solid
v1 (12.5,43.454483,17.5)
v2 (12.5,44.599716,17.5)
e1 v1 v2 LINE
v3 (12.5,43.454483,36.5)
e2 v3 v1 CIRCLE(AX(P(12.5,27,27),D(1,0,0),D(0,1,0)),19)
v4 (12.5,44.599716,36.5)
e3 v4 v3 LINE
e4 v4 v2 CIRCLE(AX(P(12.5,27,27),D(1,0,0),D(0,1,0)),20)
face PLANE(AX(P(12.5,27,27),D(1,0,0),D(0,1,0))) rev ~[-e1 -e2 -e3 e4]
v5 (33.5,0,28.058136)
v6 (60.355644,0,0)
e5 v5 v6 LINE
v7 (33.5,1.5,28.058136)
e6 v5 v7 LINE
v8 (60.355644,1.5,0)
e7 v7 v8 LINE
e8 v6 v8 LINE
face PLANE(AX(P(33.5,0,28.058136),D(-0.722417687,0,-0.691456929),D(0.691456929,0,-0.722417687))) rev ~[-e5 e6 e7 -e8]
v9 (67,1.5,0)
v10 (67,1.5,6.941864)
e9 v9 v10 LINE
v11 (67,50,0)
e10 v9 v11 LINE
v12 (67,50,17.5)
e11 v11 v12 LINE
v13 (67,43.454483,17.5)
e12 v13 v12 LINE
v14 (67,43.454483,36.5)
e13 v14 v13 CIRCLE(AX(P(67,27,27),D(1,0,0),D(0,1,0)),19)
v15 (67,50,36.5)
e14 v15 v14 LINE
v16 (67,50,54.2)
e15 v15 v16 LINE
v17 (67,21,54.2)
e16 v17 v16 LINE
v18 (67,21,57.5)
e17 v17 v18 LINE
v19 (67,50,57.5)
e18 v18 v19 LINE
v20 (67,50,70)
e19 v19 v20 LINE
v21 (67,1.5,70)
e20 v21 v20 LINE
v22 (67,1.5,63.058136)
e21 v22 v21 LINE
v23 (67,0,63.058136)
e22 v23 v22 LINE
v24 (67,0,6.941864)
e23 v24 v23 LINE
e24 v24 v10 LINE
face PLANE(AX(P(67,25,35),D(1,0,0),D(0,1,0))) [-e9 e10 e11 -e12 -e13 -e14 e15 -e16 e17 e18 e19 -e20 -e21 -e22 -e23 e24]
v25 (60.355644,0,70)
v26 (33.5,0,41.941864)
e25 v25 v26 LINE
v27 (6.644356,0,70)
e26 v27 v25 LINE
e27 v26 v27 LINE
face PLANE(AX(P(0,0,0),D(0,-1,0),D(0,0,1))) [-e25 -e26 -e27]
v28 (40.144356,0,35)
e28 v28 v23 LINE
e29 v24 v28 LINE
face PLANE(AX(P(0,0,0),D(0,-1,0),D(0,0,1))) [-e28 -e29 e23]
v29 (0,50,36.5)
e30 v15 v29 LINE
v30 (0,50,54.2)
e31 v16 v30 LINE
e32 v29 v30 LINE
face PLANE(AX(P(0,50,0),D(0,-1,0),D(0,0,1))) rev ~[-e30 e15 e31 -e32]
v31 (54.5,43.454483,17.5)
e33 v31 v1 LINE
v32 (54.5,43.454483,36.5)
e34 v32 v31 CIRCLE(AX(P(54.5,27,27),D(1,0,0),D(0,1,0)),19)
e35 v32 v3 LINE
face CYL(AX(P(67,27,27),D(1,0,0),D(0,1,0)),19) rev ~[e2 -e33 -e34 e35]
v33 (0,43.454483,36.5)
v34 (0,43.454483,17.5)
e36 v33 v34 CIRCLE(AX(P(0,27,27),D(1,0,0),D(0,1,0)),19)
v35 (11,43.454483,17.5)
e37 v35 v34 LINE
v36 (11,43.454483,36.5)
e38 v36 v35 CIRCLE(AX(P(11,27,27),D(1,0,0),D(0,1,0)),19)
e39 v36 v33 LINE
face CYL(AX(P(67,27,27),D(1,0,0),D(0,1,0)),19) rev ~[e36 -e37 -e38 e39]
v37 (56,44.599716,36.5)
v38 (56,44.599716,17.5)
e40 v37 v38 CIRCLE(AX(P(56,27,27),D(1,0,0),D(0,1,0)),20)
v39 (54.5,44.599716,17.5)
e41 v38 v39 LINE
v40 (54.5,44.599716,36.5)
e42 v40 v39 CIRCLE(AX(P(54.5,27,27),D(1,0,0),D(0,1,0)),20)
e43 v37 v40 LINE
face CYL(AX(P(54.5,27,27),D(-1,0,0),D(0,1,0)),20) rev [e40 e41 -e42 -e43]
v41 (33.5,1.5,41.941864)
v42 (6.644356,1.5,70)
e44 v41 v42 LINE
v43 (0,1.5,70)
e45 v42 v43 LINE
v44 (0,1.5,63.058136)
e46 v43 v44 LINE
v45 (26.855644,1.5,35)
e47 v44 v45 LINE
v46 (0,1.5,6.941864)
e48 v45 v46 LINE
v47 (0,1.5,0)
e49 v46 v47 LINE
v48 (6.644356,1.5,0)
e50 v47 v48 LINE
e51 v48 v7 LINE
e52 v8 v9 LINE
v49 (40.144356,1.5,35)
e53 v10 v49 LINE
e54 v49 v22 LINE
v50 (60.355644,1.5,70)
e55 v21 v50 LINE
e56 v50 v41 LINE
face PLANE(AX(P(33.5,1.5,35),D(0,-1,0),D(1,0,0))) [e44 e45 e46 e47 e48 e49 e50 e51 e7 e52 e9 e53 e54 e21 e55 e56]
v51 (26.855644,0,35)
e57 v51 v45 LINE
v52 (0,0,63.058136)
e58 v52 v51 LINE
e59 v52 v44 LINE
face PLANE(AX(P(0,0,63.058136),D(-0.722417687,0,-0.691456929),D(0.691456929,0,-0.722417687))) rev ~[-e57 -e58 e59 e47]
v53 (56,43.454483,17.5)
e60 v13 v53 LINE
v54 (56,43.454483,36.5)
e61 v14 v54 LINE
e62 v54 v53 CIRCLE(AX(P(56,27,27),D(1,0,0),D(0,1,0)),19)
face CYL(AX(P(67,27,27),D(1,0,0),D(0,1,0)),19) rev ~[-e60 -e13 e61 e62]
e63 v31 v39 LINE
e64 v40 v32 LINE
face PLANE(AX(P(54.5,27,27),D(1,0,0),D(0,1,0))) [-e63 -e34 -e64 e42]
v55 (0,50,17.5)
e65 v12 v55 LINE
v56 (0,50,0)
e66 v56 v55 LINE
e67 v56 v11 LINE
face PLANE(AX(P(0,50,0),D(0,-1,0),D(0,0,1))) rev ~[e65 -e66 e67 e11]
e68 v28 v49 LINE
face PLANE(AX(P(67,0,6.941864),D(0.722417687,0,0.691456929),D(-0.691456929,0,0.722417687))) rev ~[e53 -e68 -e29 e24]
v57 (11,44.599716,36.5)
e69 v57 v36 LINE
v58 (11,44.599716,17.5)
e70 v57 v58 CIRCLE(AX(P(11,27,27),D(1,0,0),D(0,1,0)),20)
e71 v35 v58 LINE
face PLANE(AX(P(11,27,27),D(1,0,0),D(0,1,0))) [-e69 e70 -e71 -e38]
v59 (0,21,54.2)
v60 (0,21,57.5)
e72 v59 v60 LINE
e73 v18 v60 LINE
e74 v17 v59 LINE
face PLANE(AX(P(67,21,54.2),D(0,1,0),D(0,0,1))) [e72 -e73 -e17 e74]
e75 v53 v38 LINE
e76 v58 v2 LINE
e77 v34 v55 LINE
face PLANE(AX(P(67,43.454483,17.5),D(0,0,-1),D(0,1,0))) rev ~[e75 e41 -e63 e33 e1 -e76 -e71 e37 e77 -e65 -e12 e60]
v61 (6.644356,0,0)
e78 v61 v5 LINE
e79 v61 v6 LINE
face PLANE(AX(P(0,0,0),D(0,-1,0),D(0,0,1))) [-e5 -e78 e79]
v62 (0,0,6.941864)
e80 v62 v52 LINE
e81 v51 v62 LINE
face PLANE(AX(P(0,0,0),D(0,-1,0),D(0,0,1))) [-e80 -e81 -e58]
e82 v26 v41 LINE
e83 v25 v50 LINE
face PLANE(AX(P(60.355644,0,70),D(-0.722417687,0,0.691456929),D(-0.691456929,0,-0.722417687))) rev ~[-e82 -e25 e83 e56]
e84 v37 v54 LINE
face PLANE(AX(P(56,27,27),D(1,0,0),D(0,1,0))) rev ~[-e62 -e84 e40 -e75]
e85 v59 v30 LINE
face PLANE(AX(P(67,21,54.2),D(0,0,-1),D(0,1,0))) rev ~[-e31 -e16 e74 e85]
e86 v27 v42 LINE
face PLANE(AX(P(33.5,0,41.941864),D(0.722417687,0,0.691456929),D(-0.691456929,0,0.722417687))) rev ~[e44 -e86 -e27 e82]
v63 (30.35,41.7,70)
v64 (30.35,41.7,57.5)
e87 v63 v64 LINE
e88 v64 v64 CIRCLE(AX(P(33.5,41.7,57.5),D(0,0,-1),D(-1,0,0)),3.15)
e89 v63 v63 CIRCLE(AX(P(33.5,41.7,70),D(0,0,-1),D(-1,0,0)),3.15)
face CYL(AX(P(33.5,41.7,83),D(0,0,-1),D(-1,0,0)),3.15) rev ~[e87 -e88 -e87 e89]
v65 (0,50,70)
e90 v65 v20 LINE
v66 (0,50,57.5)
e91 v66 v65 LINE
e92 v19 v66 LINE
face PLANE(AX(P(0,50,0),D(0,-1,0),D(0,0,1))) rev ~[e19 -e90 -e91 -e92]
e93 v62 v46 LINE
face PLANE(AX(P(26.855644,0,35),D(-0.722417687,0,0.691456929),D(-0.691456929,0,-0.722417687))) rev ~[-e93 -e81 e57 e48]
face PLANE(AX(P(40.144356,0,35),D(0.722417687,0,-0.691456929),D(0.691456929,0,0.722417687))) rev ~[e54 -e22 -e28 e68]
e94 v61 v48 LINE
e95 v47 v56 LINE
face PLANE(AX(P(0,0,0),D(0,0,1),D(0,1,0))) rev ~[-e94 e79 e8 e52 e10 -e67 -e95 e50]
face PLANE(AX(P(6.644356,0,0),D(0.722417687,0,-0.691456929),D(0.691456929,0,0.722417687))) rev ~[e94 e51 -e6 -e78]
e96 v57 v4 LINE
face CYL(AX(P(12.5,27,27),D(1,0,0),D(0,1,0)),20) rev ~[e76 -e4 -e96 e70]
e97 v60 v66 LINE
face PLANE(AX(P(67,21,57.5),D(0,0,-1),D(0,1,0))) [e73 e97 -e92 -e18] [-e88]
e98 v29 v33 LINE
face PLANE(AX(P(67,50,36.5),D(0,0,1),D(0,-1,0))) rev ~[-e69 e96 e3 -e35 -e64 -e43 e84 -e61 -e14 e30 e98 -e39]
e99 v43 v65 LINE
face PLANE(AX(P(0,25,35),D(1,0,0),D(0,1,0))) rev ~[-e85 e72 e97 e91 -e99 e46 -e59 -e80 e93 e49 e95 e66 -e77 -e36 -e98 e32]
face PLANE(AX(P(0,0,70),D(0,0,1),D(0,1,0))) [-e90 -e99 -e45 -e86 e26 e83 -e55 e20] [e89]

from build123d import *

# Parameters (mm, degrees)
F0_W      = 50
F0_H      = 70
F1_DEPTH  = 67
F2_R      = 19
F3_DEPTH  = 67
F5_R      = 20
F5_R_2    = 19
F6_DEPTH  = 1.5
F8_R      = 20
F8_R_2    = 19
F9_DEPTH  = 1.5
F11_DEPTH = 67
F12_W     = 29
F12_H     = 3.3
F13_DEPTH = 67
F15_D     = 6.3
F15_DEPTH = 13
F15_TIP   = 1.8927109499
F17_DEPTH = 1.5


with BuildPart() as f1:
    # F0 (on Right) → F1 (new body)
    with BuildSketch(Plane.YZ):
        with Locations((25, 35)):
            Rectangle(F0_W, F0_H)
    extrude(amount=F1_DEPTH)

    # F2 (on face) → F3 (cut, through all)
    with BuildSketch(Plane.YZ.offset(67)):
        with Locations((27, 27)):
            Circle(F2_R)
    extrude(amount=-F3_DEPTH, mode=Mode.SUBTRACT)

    # F5 (on offset) → F6 (cut)
    with BuildSketch(Plane.YZ.offset(54.5)):
        with Locations((27, 27)):
            Circle(F5_R)
        with Locations((27, 27)):
            Circle(F5_R_2, mode=Mode.SUBTRACT)
    extrude(amount=F6_DEPTH, mode=Mode.SUBTRACT)

    # F8 (on offset) → F9 (cut)
    with BuildSketch(Plane.YZ.offset(12.5)):
        with Locations((27, 27)):
            Circle(F8_R)
        with Locations((27, 27)):
            Circle(F8_R_2, mode=Mode.SUBTRACT)
    extrude(amount=-F9_DEPTH, mode=Mode.SUBTRACT)

    # F10 (on face) → F11 (cut, through all)
    with BuildSketch(Plane.YZ.offset(67)):
        with BuildLine():
            Line((50, 17.5), (50, 36.5))
            Line((50, 36.5), (43.4544826719, 36.5))
            ThreePointArc((43.4544826719, 36.5), (45.3525906995, 31.9175618569), (46, 27))
            ThreePointArc((46, 27), (45.3525906995, 22.0824381431), (43.4544826719, 17.5))
            Line((43.4544826719, 17.5), (50, 17.5))
        make_face()
    extrude(amount=-F11_DEPTH, mode=Mode.SUBTRACT)

    # F12 (on face) → F13 (cut, through all)
    with BuildSketch(Plane.YZ.offset(67)):
        with Locations((35.5, 55.85)):
            Rectangle(F12_W, F12_H)
    extrude(amount=-F13_DEPTH, mode=Mode.SUBTRACT)

    # F15
    with Locations(Plane.XY.offset(70)):
        with Locations((33.5, 41.7)):
            Hole(F15_D / 2, depth=F15_DEPTH)
            with Locations((0, 0, -(F15_DEPTH + F15_TIP / 2))):  # 118° drill point
                Cone(0, F15_D / 2, F15_TIP, mode=Mode.SUBTRACT)

    # F16 (on face) → F17 (cut)
    with BuildSketch(Plane.XZ):
        Polygon((33.5, 41.9418640507), (6.6443555914, 70), (0, 70), (0, 63.0581359493), (26.8556444086, 35), (0, 6.9418640507), (0, 0), (6.6443555914, 0), (33.5, 28.0581359493), (60.3556444086, 0), (67, 0), (67, 6.9418640507), (40.1443555914, 35), (67, 63.0581359493), (67, 70), (60.3556444086, 70), align=None)
    extrude(amount=-F17_DEPTH, mode=Mode.SUBTRACT)


solid = f1.part
